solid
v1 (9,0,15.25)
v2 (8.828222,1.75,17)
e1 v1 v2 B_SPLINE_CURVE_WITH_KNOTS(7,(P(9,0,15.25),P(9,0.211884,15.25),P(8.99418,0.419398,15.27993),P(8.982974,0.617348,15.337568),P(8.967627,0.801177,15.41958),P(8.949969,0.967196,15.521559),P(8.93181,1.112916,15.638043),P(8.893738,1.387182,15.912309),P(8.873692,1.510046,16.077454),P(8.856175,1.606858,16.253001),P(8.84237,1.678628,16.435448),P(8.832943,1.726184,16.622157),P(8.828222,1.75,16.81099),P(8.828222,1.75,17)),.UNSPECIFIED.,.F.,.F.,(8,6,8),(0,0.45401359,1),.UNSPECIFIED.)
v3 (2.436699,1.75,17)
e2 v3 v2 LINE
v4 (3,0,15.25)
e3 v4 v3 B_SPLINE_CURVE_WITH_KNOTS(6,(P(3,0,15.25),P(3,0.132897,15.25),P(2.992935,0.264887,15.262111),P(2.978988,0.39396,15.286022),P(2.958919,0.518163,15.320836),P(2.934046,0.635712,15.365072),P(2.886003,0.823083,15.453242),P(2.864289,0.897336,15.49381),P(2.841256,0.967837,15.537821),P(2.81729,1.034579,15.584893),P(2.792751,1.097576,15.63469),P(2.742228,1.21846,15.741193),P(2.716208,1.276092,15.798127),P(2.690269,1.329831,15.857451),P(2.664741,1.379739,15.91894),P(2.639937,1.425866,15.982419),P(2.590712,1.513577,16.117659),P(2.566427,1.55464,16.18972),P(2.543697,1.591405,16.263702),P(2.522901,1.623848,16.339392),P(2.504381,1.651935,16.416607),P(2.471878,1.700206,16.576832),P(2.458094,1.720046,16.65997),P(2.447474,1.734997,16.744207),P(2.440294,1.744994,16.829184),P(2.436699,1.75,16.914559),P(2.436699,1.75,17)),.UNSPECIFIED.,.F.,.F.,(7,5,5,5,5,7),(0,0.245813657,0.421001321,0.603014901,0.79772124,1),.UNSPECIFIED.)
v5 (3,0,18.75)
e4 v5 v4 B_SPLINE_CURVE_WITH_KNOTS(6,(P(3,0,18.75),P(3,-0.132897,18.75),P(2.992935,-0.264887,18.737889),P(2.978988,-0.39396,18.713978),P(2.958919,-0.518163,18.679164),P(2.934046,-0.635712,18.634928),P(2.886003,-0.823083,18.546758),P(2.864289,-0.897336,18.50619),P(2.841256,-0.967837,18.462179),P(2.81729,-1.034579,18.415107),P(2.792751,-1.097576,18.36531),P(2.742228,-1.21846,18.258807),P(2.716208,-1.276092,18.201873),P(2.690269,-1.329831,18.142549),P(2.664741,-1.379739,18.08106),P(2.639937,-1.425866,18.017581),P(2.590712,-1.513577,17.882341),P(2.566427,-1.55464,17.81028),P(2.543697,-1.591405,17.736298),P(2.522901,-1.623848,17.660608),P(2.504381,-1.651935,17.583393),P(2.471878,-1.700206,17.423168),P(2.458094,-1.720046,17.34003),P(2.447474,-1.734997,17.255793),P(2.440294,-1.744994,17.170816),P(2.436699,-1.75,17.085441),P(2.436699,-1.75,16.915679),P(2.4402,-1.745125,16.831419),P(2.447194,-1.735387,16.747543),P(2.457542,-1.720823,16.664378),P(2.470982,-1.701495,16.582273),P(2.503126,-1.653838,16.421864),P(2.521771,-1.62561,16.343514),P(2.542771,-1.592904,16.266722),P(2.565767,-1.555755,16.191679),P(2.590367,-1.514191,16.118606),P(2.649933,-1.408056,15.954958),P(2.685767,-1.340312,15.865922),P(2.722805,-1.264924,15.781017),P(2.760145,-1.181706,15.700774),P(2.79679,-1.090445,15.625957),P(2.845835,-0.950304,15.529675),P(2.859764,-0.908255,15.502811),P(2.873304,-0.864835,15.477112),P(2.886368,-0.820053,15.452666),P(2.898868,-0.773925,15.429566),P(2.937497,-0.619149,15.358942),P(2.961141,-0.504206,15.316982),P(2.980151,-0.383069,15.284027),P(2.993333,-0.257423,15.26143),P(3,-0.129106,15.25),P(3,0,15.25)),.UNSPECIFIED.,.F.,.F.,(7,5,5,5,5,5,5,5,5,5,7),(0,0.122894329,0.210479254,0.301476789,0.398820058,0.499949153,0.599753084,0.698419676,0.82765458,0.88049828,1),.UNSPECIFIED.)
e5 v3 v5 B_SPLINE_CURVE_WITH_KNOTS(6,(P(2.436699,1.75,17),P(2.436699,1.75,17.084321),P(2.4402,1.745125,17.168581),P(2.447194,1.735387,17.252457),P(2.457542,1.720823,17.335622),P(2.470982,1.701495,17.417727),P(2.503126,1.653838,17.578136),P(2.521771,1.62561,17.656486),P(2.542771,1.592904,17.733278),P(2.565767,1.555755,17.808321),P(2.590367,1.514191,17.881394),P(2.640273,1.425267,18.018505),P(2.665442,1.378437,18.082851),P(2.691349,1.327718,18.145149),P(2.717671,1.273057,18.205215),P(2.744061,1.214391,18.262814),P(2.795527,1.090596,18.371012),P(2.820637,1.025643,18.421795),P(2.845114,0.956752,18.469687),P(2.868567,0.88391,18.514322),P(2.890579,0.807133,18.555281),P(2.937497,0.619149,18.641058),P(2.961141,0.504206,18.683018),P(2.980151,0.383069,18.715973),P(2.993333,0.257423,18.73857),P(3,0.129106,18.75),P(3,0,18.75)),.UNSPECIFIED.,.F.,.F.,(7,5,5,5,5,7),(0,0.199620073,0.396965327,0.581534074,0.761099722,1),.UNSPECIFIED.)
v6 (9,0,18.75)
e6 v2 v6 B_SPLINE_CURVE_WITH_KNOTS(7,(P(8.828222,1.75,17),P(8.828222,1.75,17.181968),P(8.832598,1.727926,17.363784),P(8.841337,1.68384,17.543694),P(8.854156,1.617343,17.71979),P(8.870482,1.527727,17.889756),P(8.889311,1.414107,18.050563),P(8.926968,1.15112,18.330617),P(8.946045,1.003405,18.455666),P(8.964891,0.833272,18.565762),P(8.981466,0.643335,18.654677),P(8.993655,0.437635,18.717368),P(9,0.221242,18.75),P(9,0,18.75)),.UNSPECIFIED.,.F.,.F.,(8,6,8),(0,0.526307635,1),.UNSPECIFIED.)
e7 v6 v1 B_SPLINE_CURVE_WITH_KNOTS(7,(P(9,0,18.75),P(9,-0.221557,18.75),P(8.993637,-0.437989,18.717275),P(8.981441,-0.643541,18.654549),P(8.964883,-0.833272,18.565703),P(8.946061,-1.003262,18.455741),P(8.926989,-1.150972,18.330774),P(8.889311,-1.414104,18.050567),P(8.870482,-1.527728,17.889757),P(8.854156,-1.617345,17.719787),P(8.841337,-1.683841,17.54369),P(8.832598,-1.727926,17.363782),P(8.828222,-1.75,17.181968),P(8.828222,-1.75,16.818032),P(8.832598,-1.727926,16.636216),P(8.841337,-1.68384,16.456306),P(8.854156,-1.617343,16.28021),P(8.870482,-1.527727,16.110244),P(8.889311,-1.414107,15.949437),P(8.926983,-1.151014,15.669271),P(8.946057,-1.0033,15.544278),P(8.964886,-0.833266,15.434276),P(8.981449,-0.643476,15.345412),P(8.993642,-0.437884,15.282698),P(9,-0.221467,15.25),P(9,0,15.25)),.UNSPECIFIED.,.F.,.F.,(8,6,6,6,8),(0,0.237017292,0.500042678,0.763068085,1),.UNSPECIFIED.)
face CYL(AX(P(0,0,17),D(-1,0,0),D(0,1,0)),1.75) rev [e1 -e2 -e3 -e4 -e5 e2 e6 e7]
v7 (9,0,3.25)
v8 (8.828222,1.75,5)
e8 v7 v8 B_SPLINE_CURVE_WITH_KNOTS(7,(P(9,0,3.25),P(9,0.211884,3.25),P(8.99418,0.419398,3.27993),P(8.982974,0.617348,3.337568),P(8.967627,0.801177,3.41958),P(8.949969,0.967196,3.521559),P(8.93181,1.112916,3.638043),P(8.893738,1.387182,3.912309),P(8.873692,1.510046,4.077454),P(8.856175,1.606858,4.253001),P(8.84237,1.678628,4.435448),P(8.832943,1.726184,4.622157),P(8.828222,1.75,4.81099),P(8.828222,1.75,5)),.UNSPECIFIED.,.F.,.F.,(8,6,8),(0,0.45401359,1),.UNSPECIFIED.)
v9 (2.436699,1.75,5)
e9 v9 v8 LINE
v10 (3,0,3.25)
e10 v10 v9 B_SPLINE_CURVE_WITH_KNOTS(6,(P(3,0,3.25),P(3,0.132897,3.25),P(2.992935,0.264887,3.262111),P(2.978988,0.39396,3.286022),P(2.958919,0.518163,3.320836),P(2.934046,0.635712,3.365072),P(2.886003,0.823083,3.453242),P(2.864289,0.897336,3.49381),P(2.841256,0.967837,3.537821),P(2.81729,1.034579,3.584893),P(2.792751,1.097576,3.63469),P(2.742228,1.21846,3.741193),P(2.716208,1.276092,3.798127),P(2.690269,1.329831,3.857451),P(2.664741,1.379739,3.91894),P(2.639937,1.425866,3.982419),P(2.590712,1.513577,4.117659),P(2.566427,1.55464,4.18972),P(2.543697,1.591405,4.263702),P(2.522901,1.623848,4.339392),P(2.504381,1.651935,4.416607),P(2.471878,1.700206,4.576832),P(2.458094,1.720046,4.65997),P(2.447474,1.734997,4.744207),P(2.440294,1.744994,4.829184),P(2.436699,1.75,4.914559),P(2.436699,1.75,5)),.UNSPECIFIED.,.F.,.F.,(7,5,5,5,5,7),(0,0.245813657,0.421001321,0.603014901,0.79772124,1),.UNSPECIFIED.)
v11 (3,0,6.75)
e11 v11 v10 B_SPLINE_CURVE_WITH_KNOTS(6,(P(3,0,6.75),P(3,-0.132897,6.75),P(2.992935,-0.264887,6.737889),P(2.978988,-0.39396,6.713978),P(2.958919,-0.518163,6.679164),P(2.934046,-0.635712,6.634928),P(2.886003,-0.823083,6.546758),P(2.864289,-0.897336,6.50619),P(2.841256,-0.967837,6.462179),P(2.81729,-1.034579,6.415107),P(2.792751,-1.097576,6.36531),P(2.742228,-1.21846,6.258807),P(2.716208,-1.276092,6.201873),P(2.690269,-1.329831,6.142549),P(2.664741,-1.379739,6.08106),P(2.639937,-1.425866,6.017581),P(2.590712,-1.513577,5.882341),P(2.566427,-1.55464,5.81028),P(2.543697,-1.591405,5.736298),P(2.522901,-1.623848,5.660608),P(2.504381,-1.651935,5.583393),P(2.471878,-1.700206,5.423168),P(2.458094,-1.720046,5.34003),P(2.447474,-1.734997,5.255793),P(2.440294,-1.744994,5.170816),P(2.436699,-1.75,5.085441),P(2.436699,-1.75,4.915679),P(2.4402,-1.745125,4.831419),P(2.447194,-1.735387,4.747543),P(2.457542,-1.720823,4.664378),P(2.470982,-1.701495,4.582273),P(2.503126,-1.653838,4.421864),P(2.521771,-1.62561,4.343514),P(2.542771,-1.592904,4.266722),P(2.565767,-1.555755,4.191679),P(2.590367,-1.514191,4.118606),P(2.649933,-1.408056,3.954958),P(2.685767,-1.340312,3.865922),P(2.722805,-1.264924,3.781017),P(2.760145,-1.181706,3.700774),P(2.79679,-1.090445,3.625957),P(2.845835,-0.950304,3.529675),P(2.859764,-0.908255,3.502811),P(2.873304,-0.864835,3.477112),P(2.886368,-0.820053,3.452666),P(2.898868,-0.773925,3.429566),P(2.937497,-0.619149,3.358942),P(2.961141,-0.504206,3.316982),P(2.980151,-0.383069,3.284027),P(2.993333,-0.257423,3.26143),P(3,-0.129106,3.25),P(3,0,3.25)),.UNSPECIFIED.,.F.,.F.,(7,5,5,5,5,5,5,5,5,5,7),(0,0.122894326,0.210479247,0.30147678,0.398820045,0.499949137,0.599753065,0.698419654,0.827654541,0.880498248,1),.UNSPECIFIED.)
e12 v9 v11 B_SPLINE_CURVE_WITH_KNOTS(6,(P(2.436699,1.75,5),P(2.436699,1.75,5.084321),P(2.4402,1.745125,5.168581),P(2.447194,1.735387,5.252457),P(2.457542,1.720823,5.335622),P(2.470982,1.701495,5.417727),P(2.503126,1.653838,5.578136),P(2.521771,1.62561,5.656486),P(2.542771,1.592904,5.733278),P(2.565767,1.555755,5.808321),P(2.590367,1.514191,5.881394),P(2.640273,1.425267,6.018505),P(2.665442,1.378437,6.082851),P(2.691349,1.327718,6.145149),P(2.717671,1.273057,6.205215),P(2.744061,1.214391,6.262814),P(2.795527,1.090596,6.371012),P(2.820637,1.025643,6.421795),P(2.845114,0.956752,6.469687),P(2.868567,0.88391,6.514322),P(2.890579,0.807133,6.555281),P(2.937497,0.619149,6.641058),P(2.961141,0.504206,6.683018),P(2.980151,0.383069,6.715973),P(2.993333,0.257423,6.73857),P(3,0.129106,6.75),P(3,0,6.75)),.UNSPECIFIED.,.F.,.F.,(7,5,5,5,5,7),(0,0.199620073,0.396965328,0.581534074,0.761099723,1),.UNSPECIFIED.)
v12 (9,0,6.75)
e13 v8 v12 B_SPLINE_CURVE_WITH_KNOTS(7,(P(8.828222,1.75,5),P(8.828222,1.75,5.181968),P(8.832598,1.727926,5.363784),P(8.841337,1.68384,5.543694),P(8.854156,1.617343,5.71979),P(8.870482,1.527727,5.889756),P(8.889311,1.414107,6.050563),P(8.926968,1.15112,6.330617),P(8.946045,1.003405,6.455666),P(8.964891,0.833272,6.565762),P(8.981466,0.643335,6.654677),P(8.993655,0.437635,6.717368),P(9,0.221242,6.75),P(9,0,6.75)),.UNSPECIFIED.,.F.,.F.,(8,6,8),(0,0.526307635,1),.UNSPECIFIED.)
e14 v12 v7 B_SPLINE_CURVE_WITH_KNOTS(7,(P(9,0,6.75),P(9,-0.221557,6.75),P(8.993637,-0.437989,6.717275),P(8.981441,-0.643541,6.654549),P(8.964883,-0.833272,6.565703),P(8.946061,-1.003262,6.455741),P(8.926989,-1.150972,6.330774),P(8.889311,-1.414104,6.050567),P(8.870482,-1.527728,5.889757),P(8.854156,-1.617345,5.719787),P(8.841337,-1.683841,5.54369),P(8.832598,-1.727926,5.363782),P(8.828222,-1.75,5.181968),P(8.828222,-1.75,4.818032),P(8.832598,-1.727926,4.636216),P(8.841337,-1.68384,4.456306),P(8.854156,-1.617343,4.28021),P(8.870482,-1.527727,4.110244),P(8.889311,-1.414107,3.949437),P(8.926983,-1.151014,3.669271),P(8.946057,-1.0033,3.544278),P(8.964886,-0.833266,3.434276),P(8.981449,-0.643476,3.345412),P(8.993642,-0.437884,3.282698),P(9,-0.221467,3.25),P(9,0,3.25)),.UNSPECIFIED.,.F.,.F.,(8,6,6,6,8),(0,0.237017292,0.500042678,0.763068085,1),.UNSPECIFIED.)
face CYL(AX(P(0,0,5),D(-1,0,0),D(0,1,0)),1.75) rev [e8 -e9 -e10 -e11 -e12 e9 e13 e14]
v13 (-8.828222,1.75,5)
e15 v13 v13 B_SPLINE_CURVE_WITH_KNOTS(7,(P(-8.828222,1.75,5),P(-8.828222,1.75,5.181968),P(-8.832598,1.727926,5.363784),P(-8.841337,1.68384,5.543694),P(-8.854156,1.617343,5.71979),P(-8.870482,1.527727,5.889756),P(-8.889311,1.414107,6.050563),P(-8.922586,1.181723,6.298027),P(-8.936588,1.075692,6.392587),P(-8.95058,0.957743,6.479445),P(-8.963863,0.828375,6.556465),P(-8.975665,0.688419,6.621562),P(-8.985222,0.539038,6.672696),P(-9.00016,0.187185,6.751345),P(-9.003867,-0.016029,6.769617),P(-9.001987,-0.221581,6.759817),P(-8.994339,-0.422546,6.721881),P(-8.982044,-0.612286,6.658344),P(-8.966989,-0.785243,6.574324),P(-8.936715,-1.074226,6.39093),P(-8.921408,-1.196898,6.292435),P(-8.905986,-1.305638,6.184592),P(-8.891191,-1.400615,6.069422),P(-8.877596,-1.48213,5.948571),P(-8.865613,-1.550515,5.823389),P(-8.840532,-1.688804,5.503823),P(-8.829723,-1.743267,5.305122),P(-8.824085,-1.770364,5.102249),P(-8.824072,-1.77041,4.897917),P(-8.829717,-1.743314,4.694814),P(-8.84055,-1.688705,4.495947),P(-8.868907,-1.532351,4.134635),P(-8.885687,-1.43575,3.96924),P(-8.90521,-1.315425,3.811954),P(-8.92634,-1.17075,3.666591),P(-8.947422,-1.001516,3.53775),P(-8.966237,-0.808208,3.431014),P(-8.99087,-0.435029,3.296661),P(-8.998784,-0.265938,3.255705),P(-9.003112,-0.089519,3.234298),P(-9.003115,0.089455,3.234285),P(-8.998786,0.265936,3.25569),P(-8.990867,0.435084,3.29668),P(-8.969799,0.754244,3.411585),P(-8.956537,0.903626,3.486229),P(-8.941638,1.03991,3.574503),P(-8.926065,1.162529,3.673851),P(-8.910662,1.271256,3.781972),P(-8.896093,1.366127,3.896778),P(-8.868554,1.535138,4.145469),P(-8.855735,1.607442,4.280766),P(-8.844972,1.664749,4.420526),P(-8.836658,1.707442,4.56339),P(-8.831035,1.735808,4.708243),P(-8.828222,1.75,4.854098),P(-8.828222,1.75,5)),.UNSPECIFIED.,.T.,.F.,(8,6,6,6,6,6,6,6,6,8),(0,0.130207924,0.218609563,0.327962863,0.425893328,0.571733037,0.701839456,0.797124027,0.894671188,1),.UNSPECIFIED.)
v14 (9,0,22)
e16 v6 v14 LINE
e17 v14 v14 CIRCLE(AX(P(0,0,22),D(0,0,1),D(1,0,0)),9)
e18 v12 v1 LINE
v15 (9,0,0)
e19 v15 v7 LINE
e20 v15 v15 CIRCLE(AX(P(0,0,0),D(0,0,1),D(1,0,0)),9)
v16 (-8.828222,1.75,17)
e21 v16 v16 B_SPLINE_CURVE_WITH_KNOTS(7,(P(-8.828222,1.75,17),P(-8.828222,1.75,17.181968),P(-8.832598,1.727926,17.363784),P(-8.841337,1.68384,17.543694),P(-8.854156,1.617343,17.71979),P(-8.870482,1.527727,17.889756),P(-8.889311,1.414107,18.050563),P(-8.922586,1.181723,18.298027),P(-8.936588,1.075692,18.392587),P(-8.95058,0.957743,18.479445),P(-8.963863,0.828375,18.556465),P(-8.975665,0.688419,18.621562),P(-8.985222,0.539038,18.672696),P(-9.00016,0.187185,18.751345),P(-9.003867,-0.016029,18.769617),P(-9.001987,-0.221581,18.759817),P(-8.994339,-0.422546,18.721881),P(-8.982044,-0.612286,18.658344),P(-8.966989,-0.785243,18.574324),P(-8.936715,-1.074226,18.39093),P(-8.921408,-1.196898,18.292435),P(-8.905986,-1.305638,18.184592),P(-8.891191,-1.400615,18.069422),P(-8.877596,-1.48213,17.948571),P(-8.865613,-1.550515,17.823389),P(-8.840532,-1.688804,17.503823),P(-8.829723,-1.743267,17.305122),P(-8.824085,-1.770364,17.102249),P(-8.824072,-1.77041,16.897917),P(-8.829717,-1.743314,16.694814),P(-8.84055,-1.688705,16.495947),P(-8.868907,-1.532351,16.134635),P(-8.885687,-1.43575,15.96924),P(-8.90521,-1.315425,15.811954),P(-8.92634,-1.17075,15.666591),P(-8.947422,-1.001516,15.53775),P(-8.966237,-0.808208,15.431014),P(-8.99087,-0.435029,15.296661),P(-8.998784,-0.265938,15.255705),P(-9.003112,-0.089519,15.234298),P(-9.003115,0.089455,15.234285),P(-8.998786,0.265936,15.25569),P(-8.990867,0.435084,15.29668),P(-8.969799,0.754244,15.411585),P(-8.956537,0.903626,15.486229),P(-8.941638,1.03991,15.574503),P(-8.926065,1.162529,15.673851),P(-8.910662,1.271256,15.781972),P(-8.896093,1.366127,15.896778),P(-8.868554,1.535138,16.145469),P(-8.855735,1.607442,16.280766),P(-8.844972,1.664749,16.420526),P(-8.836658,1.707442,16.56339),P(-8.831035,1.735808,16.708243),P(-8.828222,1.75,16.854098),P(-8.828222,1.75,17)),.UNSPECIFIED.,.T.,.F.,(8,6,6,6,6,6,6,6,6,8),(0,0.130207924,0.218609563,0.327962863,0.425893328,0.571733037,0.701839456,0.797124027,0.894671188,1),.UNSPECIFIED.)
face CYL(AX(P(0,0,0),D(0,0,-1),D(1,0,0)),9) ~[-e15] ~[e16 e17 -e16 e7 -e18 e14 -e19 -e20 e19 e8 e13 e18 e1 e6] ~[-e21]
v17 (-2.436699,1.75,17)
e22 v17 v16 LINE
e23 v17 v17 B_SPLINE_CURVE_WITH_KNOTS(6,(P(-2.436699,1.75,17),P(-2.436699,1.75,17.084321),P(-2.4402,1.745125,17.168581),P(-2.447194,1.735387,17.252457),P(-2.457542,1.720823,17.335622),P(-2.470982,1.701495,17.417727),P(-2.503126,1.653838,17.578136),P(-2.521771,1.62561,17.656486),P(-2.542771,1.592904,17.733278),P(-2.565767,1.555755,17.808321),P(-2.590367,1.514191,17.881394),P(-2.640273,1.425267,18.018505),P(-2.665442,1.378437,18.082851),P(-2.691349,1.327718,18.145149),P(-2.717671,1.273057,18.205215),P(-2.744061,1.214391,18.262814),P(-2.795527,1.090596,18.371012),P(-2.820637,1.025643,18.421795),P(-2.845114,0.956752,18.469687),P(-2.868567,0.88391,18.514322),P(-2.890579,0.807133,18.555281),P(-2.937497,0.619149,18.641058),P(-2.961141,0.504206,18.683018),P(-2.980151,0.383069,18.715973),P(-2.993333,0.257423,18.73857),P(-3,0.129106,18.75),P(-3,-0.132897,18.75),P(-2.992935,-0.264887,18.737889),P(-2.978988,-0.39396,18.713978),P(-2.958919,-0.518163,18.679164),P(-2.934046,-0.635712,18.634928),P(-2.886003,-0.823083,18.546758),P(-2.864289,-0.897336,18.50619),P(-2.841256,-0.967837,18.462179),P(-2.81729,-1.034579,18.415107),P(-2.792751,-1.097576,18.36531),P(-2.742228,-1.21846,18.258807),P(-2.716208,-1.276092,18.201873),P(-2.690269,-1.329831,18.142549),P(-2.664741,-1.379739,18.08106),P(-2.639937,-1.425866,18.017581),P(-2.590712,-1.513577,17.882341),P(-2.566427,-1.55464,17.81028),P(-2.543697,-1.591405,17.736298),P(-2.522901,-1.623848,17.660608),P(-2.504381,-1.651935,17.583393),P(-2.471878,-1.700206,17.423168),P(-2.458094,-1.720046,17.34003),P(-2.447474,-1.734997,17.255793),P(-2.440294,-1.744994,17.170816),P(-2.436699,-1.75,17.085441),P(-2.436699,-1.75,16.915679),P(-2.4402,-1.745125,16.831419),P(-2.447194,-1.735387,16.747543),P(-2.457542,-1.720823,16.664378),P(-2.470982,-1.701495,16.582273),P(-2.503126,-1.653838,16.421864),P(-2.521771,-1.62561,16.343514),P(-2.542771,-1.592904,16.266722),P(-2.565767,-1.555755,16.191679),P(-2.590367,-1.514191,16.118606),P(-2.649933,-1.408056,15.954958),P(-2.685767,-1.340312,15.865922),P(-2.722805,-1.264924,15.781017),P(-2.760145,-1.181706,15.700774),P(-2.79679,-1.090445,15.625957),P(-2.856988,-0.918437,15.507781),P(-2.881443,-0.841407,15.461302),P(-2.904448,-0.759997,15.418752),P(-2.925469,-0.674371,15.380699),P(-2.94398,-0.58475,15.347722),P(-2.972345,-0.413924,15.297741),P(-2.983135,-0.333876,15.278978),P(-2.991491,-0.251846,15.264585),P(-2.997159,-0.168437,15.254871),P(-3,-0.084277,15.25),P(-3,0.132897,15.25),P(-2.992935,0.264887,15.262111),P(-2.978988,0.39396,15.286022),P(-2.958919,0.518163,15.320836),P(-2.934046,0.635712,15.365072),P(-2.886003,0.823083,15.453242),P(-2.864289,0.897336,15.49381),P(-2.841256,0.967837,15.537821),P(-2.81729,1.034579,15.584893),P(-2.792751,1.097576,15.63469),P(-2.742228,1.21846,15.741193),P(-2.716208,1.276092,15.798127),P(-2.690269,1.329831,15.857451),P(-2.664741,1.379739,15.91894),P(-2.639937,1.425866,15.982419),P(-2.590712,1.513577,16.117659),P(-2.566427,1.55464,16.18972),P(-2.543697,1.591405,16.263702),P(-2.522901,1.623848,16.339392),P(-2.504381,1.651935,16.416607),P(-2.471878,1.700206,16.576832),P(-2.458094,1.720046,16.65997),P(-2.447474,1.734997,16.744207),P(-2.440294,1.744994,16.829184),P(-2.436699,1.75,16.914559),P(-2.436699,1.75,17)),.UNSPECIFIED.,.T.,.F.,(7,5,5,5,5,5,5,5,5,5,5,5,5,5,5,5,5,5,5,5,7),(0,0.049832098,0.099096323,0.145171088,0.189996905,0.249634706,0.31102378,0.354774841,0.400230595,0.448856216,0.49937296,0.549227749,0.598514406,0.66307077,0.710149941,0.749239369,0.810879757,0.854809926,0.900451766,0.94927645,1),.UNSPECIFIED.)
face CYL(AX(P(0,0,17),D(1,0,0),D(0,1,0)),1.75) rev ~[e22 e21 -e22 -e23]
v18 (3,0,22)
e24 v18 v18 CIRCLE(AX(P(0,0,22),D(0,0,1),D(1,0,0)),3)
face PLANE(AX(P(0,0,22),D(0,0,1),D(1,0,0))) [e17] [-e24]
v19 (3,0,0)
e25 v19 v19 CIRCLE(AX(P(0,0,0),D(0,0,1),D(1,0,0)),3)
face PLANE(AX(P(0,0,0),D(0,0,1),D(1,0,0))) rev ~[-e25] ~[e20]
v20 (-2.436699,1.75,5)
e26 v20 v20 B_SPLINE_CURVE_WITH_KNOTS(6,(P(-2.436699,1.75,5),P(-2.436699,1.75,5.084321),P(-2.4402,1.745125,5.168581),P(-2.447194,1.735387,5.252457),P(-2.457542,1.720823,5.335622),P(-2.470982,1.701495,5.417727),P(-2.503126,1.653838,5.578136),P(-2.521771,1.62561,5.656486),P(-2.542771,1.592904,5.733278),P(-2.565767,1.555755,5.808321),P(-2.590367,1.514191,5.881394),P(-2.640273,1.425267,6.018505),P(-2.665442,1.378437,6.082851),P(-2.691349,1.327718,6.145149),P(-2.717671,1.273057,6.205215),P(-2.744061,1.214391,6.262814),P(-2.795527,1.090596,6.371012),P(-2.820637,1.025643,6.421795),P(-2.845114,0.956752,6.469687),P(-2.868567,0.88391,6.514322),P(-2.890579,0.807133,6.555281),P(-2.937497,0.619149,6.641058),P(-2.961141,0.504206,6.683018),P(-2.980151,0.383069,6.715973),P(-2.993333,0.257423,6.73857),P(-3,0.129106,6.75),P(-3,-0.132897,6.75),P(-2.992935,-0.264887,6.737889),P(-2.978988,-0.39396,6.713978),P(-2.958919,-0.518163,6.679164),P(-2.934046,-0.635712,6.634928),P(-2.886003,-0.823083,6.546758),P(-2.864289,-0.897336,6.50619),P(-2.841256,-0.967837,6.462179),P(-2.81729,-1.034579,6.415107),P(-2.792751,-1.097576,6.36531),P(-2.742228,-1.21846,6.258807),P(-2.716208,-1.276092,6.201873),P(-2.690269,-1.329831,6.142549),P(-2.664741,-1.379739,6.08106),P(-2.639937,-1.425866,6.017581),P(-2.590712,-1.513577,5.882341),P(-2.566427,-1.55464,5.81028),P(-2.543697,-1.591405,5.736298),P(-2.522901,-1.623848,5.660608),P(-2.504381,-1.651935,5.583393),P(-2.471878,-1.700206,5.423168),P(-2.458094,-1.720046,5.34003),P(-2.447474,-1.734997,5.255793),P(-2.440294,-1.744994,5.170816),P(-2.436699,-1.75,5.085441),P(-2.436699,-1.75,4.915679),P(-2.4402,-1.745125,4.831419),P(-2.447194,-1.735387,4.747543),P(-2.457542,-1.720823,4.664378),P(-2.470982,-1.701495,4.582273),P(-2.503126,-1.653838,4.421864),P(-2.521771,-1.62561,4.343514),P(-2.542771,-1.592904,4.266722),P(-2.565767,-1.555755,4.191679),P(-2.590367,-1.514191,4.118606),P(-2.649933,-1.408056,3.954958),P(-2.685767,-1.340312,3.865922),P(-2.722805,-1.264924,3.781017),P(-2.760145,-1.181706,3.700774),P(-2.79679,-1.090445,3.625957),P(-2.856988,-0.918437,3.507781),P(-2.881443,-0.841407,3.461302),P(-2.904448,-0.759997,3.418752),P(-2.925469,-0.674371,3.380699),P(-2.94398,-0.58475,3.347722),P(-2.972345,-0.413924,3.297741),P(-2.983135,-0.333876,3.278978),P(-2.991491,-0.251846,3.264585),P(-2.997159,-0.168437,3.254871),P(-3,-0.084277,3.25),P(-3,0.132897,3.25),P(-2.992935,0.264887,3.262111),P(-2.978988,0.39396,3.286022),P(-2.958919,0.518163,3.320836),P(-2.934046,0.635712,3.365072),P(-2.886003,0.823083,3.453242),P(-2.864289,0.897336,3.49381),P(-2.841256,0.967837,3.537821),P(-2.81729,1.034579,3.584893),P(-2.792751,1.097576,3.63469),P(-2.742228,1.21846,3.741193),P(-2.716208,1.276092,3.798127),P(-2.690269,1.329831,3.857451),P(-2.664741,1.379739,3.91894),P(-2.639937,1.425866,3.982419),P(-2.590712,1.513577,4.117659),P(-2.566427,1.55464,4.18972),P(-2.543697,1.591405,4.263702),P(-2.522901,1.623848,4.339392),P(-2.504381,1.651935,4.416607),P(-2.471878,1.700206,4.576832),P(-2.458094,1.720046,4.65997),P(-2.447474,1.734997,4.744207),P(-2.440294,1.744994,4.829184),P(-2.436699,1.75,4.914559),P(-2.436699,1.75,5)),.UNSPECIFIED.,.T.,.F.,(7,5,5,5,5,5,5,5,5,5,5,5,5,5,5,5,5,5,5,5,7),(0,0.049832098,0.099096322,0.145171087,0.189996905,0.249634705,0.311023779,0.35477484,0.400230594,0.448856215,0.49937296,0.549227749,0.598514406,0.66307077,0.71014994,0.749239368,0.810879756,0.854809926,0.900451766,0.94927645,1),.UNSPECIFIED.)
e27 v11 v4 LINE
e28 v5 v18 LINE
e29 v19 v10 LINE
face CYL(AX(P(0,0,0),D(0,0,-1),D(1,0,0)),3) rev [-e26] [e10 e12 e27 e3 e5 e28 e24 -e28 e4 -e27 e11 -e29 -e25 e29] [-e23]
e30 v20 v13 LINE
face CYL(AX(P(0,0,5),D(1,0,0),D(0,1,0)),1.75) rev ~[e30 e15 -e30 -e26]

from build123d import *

# Parameters (mm, degrees)
F0_R          = 9
F0_R_2        = 3
F1_DEPTH      = 22
F2_R          = 1.75
F3_DEPTH      = 9.001
F3_DEPTH_BACK = 25


with BuildPart() as f1:
    # F0 (on Top) → F1 (new body)
    with BuildSketch(Plane.XY):
        Circle(F0_R)
        Circle(F0_R_2, mode=Mode.SUBTRACT)
    extrude(amount=F1_DEPTH)

    # F2 (on Right) → F3 (cut, two sides)
    with BuildSketch(Plane.YZ) as f3_sk:
        with Locations((0, 5)):
            Circle(F2_R)
        with Locations((0, 17)):
            Circle(F2_R)
    extrude(amount=-F3_DEPTH, mode=Mode.SUBTRACT)
    extrude(f3_sk.sketch, amount=F3_DEPTH_BACK, mode=Mode.SUBTRACT)


solid = f1.part
